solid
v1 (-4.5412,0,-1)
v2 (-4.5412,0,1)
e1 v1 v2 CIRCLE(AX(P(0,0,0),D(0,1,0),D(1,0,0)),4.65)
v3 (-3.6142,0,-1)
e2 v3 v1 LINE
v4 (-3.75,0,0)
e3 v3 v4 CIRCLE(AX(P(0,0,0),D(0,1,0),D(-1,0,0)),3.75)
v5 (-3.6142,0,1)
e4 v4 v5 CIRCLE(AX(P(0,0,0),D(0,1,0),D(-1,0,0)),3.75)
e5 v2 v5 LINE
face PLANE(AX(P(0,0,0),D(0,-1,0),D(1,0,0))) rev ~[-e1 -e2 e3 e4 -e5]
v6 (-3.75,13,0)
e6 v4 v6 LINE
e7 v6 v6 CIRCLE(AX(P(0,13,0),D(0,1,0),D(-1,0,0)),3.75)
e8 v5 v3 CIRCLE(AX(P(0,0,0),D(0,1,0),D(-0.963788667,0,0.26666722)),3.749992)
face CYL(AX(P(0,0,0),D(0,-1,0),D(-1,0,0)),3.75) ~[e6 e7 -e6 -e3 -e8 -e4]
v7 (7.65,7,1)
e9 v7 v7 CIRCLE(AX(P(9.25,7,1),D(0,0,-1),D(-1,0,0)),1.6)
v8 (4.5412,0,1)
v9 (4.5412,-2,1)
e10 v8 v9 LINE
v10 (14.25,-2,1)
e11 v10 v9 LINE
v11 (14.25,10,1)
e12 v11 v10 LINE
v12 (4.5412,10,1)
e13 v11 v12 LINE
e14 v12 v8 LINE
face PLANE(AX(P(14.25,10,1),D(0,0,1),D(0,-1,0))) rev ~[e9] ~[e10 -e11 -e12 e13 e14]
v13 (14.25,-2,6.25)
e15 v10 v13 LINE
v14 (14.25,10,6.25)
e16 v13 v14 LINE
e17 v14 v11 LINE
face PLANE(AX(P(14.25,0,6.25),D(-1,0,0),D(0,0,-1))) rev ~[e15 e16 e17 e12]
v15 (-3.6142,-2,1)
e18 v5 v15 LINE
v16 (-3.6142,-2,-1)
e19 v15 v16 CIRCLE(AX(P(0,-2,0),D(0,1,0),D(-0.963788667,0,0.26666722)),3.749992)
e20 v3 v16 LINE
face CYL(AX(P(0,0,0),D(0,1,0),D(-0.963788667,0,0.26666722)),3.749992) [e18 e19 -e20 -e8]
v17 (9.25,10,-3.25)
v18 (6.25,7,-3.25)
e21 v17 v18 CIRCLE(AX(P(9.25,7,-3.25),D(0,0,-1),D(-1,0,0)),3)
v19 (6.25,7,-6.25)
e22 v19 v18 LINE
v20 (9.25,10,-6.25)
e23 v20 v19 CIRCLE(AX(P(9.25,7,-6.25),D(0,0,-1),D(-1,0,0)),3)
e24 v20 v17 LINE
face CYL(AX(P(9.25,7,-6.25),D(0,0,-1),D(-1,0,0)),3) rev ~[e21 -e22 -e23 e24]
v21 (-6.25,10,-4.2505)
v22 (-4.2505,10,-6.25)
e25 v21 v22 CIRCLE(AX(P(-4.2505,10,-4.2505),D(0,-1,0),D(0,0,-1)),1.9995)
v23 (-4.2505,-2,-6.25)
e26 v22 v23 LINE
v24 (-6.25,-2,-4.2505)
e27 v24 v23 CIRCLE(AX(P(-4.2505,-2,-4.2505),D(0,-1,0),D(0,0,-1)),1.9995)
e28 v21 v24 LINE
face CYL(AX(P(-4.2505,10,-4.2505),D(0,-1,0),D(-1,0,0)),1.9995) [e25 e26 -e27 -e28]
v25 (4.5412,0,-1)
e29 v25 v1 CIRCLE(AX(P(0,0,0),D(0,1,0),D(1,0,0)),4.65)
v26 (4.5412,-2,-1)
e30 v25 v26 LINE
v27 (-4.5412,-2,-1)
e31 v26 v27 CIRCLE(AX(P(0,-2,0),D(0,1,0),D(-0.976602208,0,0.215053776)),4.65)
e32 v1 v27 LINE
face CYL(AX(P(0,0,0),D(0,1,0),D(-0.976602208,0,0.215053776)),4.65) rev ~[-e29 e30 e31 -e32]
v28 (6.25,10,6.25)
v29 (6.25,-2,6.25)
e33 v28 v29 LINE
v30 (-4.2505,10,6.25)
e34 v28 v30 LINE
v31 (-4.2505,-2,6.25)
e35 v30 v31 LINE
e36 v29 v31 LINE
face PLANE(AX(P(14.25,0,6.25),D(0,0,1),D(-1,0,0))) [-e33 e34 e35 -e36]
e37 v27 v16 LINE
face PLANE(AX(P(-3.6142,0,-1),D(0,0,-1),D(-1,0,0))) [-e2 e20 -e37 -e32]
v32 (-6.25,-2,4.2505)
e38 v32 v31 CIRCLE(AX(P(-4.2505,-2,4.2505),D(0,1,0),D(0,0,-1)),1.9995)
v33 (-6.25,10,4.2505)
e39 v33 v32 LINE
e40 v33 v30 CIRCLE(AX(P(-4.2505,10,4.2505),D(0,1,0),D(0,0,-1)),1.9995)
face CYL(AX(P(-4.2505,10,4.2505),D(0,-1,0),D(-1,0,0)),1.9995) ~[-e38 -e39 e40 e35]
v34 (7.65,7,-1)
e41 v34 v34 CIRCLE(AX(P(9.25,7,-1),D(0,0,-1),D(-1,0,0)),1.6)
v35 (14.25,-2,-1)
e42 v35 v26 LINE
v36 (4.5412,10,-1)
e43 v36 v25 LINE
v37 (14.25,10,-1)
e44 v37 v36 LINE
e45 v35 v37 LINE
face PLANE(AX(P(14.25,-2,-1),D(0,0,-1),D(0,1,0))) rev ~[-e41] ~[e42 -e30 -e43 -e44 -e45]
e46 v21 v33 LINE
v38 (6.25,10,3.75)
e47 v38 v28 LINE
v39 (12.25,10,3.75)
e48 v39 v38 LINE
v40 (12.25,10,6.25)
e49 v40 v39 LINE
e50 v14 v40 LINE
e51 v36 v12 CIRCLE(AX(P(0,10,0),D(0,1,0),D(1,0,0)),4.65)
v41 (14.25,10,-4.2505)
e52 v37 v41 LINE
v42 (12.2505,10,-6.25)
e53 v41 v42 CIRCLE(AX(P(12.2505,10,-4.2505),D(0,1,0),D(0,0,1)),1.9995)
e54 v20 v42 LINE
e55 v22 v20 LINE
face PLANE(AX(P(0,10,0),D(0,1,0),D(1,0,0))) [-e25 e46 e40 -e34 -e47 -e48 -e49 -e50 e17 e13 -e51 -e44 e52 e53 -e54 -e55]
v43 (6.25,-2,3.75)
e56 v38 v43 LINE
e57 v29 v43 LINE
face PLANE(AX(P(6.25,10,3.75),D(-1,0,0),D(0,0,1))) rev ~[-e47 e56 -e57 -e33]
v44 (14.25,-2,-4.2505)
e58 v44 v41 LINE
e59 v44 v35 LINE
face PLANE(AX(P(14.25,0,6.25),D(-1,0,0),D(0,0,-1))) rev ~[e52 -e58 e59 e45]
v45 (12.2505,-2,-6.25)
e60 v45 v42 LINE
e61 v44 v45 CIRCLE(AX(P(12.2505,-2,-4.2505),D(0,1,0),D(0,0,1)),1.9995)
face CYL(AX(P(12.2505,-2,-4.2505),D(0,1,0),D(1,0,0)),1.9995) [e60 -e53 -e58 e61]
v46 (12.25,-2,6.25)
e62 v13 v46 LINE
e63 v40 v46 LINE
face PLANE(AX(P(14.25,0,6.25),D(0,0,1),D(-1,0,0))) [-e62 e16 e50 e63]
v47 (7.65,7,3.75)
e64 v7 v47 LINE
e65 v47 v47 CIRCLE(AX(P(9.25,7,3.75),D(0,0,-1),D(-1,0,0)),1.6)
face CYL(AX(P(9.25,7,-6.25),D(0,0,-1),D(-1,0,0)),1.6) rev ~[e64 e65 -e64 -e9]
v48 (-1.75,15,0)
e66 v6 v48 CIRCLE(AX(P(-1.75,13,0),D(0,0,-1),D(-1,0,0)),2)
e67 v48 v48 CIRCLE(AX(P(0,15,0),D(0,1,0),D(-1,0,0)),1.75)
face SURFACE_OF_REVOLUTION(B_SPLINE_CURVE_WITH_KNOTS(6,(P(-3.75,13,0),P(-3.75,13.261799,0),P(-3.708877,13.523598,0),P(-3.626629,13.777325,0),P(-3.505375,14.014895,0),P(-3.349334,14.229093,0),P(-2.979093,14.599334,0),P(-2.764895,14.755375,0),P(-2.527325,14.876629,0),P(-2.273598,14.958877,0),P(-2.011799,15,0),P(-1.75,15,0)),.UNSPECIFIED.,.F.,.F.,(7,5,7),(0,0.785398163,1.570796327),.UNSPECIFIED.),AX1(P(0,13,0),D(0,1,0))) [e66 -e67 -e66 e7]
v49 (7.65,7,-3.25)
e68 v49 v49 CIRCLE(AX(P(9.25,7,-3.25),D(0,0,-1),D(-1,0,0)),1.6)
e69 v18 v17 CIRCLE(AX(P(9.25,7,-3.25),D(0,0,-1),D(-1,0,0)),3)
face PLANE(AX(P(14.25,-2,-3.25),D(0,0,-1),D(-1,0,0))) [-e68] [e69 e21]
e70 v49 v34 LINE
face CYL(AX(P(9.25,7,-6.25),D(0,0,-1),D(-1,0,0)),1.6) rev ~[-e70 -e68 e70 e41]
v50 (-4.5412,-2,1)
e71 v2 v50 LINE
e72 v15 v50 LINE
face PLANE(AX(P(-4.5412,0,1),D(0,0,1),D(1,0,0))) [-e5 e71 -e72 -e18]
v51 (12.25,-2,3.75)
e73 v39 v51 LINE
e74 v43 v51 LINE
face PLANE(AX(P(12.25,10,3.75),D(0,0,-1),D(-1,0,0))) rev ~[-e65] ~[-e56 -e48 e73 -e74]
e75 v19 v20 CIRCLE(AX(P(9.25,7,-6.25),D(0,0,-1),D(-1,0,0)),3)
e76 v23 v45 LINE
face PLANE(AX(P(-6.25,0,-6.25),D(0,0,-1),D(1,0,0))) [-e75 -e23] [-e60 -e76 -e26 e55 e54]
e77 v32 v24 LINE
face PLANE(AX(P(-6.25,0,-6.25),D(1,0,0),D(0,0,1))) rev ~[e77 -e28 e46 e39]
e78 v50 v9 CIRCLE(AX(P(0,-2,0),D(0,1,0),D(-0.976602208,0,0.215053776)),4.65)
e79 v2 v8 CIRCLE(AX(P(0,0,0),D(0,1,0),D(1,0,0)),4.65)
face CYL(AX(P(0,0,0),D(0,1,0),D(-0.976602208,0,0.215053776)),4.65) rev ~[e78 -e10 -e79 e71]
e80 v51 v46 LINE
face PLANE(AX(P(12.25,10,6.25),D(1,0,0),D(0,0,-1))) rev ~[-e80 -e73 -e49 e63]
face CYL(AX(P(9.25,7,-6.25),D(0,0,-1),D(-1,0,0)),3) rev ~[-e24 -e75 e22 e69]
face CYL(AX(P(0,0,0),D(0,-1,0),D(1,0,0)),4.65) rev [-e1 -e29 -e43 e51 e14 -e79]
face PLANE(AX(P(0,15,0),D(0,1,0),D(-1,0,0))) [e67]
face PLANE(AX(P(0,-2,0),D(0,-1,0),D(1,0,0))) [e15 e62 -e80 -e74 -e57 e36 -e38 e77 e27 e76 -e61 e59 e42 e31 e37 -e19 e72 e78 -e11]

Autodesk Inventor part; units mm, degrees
ref_plane "YZ Plane" through (0, 0, 0) normal (1, 0, 0) x (0, 1, 0)
ref_plane "XZ Plane" through (0, 0, 0) normal (0, 1, 0) x (-1, 0, 0)
ref_plane "XY Plane" through (0, 0, 0) normal (0, 0, 1) x (1, 0, 0)
sketch "Sketch1" plane through (0, 0, 0) normal (0, 1, 0) x (-1, 0, 0)
  circle A0 centre (0, 0) radius 3.75
  dimension "d0" = 7.5
extrude "Extrusion1" add sketch "Sketch1" along normal blind 15
fillet "Fillet1" radius 2 1 edges at (3.75, 15, 0)
sketch "Sketch2" plane through (0, 0, 0) normal (0, -1, 0) x (1, 0, 0)
  line L0 (14.25, 6.25) -> (-6.25, 6.25)
  line L1 (-6.25, 6.25) -> (-6.25, -6.25)
  line L2 (-6.25, -6.25) -> (14.25, -6.25)
  line L3 (14.25, -6.25) -> (14.25, 6.25)
  point P0 (0, 0)
  dimension "d4" = 12.5
  dimension "d5" = 20.5
  dimension "d6" = 6.25
  dimension "d7" = 6.25
extrude "Extrusion2" add sketch "Sketch2" along normal blind 2
sketch "Sketch3" plane through (0, 0, 0) normal (0, 1, 0) x (1, 0, 0)
  line L0 (14.25, -6.25) -> (-6.25, -6.25) projected
  line L1 (-6.25, 6.25) -> (14.25, 6.25) projected
  line L2 (-6.25, -6.25) -> (14.25, -6.25)
  line L3 (14.25, -6.25) -> (14.25, 6.25)
  line L4 (14.25, 6.25) -> (-6.25, 6.25)
  line L5 (-6.25, 6.25) -> (-6.25, -6.25)
  circle A0 centre (0, 0) radius 4.65
  point P0 (-6.25, 6.25)
  dimension "d10" = 9.3
extrude "Extrusion3" add sketch "Sketch3" along normal blind 10
sketch "Sketch4" plane through (14.25, -2, 6.25) normal (1, 0, 0) x (0, 0, -1)
  line L0 (5.25, 0) -> (7.25, 0)
  line L1 (7.25, 0) -> (7.25, 12)
  line L2 (7.25, 12) -> (5.25, 12)
  line L3 (5.25, 12) -> (5.25, 0)
  line L4 (12.5, 0) -> (0, 0) projected
  line L5 (0, 12) -> (12.5, 12) projected
  line L6 (0, 12) -> (0, 0) projected
  point P0 (6.25, 2)
  dimension "d14" = 2
  dimension "d15" = 5.25
extrude "Extrusion4" cut sketch "Sketch4" against normal blind 9.71 contours L3 L2 L1 L0
sketch "Sketch6" plane through (0, 10, 0) normal (0, 1, 0) x (1, 0, 0)
  line L0 (6.25, -6.25) -> (12.25, -6.25)
  line L1 (12.25, -6.25) -> (12.25, -3.75)
  line L2 (12.25, -3.75) -> (6.25, -3.75)
  line L3 (6.25, -3.75) -> (6.25, -6.25)
  line L4 (14.25, -6.25) -> (14.25, -1) projected
  line L5 (-6.25, -6.25) -> (14.25, -6.25) projected
  point P0 (0, 0)
  dimension "d18" = 6
  dimension "d19" = 2.5
  dimension "d20" = 2
extrude "Extrusion5" cut sketch "Sketch6" against normal through all
sketch "Sketch7" plane through (14.25, -2, -6.25) normal (0, 0, -1) x (-1, 0, 0)
  circle A0 centre (5, 9) radius 1.6
  line L0 (0, 12) -> (20.5, 12) projected
  line L1 (0, 12) -> (0, 0) projected
  point P0 (14.25, 2)
  dimension "d23" = 3.2
  dimension "d24" = 3
  dimension "d25" = 5
extrude "Extrusion6" cut sketch "Sketch7" against normal through all
sketch "Sketch8" plane through (14.25, -2, -6.25) normal (0, 0, -1) x (-1, 0, 0)
  circle A0 centre (5, 9) radius 3
  line L0 (0, 12) -> (20.5, 12) projected
  line L1 (0, 12) -> (0, 0) projected
  point P0 (14.25, 2)
  dimension "d28" = 6
  dimension "d29" = 3
  dimension "d30" = 5
extrude "Extrusion7" cut sketch "Sketch8" against normal blind 3
fillet "Fillet2" radius 2 3 edges at (-6.25, 4, -6.25) (14.25, 4, -6.25) (-6.25, 4, 6.25)
sketch "Sketch9" plane through (0, 0, 0) normal (0, 1, 0) x (1, 0, 0)
  arc A0 (-4.5412, -1) -> (-4.5412, 1) centre (0, 0) ccw
  arc A1 (-3.6142, -1) -> (-3.6142, 1) centre (0, 0) ccw
  line L0 (14.25, -1) -> (4.5412, -1) projected
  line L1 (4.5412, 1) -> (14.25, 1) projected
  line L2 (-4.5412, -1) -> (-3.6142, -1)
  line L3 (-3.6142, 1) -> (-4.5412, 1)
  dimension "d34" = 3.75
  dimension "d35" = 4.65
  dimension "d36" = 2
  dimension "d37" = 2
  dimension "d38" = 2
  dimension "d39" = 2
extrude "Extrusion8" cut sketch "Sketch9" against normal through all
equation "\"d7\" = d6"
properties part number "BOUCHON"
